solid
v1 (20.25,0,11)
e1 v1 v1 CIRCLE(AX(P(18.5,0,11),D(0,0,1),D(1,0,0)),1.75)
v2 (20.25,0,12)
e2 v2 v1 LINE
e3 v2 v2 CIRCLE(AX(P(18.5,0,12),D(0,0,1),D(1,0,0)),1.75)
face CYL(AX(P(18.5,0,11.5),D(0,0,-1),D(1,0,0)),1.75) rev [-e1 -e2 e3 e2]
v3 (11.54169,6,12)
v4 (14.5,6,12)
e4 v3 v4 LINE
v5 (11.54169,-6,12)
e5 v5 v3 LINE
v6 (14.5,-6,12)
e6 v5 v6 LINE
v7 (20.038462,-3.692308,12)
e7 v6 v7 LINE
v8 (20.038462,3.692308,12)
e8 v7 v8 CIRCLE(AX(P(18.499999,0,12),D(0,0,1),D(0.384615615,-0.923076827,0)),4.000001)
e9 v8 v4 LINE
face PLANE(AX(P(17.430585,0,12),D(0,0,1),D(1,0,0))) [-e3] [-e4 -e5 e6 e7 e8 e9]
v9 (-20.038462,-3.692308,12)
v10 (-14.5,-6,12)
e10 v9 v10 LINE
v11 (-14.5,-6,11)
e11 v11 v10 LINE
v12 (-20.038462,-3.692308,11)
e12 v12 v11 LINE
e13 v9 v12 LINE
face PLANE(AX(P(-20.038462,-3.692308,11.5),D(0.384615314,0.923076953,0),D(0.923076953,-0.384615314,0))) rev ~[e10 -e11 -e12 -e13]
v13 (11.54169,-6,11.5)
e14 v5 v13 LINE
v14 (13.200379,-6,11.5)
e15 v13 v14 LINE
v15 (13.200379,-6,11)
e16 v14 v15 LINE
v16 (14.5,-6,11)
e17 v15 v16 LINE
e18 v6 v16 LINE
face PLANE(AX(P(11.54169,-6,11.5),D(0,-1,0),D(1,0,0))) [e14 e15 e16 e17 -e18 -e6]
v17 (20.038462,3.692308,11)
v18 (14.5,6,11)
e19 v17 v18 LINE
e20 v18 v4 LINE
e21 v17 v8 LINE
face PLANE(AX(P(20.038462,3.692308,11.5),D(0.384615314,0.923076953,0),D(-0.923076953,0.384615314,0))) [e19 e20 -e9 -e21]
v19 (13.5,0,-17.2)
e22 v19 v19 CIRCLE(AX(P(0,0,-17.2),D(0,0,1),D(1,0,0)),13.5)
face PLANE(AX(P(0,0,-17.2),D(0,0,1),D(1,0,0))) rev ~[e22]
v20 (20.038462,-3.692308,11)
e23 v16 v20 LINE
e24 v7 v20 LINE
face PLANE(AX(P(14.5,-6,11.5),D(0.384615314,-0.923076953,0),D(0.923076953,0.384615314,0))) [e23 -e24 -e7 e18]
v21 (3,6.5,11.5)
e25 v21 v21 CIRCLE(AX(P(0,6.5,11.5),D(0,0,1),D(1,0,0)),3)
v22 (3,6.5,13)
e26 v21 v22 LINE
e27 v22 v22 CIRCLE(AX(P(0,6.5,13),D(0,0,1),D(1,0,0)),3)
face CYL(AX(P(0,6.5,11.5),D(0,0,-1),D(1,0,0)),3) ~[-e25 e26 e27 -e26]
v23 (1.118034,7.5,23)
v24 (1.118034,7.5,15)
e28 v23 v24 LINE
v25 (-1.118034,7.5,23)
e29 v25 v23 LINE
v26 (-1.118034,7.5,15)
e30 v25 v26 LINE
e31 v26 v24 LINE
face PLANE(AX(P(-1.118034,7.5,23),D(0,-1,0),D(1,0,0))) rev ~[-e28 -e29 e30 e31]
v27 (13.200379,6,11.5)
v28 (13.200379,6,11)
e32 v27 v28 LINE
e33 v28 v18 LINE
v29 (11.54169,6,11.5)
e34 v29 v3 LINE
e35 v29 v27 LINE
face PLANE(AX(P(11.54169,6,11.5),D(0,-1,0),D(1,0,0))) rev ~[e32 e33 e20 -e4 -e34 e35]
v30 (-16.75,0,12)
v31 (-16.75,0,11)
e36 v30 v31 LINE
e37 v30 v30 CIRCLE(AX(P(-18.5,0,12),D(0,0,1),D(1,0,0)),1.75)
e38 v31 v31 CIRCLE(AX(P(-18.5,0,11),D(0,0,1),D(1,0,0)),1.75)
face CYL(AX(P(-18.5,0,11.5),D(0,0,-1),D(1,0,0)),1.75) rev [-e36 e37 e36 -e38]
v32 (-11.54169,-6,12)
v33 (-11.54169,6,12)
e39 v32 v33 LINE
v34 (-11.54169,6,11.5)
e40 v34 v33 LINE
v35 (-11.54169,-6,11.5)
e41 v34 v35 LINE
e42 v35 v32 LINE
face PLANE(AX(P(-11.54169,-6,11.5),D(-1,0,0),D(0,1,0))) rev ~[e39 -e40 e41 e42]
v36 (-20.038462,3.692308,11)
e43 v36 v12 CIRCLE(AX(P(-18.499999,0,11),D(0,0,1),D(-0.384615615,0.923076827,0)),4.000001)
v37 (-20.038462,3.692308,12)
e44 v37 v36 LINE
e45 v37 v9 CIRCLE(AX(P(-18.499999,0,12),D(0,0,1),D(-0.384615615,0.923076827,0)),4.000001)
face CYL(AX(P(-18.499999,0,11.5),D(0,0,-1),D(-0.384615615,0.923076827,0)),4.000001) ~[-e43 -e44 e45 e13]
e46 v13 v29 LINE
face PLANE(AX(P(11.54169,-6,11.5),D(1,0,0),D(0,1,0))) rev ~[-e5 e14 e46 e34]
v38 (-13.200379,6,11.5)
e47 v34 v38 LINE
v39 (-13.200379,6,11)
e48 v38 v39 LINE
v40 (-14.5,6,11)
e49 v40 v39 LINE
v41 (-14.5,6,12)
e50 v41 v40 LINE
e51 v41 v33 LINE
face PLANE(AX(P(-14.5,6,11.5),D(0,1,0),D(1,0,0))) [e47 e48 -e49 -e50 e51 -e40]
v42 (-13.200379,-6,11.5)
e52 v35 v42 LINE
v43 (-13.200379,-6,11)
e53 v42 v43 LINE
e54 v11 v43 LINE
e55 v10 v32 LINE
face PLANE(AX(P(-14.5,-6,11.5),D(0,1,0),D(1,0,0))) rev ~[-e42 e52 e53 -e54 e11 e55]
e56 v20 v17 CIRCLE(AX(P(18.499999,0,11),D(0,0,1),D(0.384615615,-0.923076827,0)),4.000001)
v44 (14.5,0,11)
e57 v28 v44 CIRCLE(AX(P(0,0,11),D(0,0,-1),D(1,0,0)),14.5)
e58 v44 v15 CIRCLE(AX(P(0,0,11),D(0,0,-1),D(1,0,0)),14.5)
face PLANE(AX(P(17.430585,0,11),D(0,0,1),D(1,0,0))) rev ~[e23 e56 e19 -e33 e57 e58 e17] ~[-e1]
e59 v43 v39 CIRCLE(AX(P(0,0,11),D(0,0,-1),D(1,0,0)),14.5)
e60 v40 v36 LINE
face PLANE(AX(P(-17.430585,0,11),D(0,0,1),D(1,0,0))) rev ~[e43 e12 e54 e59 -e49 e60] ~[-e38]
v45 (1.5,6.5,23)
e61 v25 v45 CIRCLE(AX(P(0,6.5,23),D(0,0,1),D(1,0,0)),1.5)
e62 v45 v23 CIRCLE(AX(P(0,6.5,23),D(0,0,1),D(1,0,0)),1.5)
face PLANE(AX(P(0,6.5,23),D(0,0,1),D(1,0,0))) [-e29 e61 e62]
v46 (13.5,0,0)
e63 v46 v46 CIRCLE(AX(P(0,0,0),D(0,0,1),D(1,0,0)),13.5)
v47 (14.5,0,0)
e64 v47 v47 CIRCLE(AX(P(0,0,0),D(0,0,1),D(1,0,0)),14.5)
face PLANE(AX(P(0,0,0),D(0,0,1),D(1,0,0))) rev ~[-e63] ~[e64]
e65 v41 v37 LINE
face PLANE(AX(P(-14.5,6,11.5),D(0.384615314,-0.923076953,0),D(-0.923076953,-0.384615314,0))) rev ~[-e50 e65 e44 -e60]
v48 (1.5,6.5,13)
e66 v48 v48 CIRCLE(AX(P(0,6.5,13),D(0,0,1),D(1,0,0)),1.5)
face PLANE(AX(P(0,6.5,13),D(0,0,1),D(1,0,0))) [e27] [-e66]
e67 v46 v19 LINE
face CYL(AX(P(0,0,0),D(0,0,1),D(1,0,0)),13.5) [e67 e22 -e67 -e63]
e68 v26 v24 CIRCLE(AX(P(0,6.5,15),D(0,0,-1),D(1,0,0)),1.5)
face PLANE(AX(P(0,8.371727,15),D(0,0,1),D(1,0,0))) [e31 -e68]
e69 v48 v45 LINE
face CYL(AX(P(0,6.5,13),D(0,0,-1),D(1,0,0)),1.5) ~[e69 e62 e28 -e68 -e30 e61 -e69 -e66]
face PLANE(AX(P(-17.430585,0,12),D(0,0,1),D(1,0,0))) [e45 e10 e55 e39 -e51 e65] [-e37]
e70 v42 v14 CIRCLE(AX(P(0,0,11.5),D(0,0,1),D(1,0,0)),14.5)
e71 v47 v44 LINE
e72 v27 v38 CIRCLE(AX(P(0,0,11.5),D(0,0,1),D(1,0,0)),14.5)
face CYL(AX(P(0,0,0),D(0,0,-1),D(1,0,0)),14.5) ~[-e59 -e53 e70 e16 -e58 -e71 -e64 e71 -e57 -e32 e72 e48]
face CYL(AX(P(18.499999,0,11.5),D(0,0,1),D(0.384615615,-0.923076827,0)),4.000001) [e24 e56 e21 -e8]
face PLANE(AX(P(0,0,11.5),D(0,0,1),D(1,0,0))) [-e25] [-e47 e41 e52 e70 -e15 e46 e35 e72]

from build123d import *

# Parameters (mm, degrees)
F0_R      = 13.5
F1_DEPTH  = 17.2
F2_R      = 14.5
F3_DEPTH  = 11.5
F4_R      = 1.75
F4_W      = 2.95831
F4_H      = 12
F5_DEPTH  = 0.5
F6_R      = 3
F7_DEPTH  = 1.5
F8_R      = 1.5
F9_DEPTH  = 10
F10_W     = 2.236068
F10_H     = 1.743455
F11_DEPTH = 8


with BuildPart() as f1:
    # F0 (on Top) → F1 (new body)
    with BuildSketch(Plane.XY):
        Circle(F0_R)
    extrude(amount=-F1_DEPTH)

    # F2 (on face) → F3 (join)
    with BuildSketch(Plane.XY):
        Circle(F2_R)
    extrude(amount=F3_DEPTH)

    # F4 (on face) → F5 (join, symmetric)
    with BuildSketch(Plane.XY.offset(11.5)):
        with BuildLine():
            Line((-14.5, -6), (-14.5, 6))
            Line((-14.5, 6), (-20.038462, 3.692308))
            ThreePointArc((-20.038462, 3.692308), (-22.5, 0), (-20.038462, -3.692308))
            Line((-20.038462, -3.692308), (-14.5, -6))
        make_face()
        with Locations((-18.5, 0)):
            Circle(F4_R, mode=Mode.SUBTRACT)
        with Locations((-13.020845, 0)):
            Rectangle(F4_W, F4_H)
        with BuildLine():
            ThreePointArc((20.038462, -3.692308), (22.5, 0), (20.038462, 3.692308))
            Line((20.038462, 3.692308), (14.5, 6))
            Line((14.5, 6), (14.5, -6))
            Line((14.5, -6), (20.038462, -3.692308))
        make_face()
        with Locations((18.5, 0)):
            Circle(F4_R, mode=Mode.SUBTRACT)
        with Locations((13.020845, 0)):
            Rectangle(F4_W, F4_H)
    extrude(amount=F5_DEPTH, both=True)

    # F6 (on face) → F7 (join)
    with BuildSketch(Plane.XY.offset(11.5)):
        with Locations((0, 6.5)):
            Circle(F6_R)
    extrude(amount=F7_DEPTH)

    # F8 (on face) → F9 (join)
    with BuildSketch(Plane.XY.offset(13)):
        with Locations((0, 6.5)):
            Circle(F8_R)
    extrude(amount=F9_DEPTH)

    # F10 (on face) → F11 (cut)
    with BuildSketch(Plane.XY.offset(23)):
        with Locations((0, 8.371727)):
            Rectangle(F10_W, F10_H)
    extrude(amount=-F11_DEPTH, mode=Mode.SUBTRACT)


solid = f1.part
